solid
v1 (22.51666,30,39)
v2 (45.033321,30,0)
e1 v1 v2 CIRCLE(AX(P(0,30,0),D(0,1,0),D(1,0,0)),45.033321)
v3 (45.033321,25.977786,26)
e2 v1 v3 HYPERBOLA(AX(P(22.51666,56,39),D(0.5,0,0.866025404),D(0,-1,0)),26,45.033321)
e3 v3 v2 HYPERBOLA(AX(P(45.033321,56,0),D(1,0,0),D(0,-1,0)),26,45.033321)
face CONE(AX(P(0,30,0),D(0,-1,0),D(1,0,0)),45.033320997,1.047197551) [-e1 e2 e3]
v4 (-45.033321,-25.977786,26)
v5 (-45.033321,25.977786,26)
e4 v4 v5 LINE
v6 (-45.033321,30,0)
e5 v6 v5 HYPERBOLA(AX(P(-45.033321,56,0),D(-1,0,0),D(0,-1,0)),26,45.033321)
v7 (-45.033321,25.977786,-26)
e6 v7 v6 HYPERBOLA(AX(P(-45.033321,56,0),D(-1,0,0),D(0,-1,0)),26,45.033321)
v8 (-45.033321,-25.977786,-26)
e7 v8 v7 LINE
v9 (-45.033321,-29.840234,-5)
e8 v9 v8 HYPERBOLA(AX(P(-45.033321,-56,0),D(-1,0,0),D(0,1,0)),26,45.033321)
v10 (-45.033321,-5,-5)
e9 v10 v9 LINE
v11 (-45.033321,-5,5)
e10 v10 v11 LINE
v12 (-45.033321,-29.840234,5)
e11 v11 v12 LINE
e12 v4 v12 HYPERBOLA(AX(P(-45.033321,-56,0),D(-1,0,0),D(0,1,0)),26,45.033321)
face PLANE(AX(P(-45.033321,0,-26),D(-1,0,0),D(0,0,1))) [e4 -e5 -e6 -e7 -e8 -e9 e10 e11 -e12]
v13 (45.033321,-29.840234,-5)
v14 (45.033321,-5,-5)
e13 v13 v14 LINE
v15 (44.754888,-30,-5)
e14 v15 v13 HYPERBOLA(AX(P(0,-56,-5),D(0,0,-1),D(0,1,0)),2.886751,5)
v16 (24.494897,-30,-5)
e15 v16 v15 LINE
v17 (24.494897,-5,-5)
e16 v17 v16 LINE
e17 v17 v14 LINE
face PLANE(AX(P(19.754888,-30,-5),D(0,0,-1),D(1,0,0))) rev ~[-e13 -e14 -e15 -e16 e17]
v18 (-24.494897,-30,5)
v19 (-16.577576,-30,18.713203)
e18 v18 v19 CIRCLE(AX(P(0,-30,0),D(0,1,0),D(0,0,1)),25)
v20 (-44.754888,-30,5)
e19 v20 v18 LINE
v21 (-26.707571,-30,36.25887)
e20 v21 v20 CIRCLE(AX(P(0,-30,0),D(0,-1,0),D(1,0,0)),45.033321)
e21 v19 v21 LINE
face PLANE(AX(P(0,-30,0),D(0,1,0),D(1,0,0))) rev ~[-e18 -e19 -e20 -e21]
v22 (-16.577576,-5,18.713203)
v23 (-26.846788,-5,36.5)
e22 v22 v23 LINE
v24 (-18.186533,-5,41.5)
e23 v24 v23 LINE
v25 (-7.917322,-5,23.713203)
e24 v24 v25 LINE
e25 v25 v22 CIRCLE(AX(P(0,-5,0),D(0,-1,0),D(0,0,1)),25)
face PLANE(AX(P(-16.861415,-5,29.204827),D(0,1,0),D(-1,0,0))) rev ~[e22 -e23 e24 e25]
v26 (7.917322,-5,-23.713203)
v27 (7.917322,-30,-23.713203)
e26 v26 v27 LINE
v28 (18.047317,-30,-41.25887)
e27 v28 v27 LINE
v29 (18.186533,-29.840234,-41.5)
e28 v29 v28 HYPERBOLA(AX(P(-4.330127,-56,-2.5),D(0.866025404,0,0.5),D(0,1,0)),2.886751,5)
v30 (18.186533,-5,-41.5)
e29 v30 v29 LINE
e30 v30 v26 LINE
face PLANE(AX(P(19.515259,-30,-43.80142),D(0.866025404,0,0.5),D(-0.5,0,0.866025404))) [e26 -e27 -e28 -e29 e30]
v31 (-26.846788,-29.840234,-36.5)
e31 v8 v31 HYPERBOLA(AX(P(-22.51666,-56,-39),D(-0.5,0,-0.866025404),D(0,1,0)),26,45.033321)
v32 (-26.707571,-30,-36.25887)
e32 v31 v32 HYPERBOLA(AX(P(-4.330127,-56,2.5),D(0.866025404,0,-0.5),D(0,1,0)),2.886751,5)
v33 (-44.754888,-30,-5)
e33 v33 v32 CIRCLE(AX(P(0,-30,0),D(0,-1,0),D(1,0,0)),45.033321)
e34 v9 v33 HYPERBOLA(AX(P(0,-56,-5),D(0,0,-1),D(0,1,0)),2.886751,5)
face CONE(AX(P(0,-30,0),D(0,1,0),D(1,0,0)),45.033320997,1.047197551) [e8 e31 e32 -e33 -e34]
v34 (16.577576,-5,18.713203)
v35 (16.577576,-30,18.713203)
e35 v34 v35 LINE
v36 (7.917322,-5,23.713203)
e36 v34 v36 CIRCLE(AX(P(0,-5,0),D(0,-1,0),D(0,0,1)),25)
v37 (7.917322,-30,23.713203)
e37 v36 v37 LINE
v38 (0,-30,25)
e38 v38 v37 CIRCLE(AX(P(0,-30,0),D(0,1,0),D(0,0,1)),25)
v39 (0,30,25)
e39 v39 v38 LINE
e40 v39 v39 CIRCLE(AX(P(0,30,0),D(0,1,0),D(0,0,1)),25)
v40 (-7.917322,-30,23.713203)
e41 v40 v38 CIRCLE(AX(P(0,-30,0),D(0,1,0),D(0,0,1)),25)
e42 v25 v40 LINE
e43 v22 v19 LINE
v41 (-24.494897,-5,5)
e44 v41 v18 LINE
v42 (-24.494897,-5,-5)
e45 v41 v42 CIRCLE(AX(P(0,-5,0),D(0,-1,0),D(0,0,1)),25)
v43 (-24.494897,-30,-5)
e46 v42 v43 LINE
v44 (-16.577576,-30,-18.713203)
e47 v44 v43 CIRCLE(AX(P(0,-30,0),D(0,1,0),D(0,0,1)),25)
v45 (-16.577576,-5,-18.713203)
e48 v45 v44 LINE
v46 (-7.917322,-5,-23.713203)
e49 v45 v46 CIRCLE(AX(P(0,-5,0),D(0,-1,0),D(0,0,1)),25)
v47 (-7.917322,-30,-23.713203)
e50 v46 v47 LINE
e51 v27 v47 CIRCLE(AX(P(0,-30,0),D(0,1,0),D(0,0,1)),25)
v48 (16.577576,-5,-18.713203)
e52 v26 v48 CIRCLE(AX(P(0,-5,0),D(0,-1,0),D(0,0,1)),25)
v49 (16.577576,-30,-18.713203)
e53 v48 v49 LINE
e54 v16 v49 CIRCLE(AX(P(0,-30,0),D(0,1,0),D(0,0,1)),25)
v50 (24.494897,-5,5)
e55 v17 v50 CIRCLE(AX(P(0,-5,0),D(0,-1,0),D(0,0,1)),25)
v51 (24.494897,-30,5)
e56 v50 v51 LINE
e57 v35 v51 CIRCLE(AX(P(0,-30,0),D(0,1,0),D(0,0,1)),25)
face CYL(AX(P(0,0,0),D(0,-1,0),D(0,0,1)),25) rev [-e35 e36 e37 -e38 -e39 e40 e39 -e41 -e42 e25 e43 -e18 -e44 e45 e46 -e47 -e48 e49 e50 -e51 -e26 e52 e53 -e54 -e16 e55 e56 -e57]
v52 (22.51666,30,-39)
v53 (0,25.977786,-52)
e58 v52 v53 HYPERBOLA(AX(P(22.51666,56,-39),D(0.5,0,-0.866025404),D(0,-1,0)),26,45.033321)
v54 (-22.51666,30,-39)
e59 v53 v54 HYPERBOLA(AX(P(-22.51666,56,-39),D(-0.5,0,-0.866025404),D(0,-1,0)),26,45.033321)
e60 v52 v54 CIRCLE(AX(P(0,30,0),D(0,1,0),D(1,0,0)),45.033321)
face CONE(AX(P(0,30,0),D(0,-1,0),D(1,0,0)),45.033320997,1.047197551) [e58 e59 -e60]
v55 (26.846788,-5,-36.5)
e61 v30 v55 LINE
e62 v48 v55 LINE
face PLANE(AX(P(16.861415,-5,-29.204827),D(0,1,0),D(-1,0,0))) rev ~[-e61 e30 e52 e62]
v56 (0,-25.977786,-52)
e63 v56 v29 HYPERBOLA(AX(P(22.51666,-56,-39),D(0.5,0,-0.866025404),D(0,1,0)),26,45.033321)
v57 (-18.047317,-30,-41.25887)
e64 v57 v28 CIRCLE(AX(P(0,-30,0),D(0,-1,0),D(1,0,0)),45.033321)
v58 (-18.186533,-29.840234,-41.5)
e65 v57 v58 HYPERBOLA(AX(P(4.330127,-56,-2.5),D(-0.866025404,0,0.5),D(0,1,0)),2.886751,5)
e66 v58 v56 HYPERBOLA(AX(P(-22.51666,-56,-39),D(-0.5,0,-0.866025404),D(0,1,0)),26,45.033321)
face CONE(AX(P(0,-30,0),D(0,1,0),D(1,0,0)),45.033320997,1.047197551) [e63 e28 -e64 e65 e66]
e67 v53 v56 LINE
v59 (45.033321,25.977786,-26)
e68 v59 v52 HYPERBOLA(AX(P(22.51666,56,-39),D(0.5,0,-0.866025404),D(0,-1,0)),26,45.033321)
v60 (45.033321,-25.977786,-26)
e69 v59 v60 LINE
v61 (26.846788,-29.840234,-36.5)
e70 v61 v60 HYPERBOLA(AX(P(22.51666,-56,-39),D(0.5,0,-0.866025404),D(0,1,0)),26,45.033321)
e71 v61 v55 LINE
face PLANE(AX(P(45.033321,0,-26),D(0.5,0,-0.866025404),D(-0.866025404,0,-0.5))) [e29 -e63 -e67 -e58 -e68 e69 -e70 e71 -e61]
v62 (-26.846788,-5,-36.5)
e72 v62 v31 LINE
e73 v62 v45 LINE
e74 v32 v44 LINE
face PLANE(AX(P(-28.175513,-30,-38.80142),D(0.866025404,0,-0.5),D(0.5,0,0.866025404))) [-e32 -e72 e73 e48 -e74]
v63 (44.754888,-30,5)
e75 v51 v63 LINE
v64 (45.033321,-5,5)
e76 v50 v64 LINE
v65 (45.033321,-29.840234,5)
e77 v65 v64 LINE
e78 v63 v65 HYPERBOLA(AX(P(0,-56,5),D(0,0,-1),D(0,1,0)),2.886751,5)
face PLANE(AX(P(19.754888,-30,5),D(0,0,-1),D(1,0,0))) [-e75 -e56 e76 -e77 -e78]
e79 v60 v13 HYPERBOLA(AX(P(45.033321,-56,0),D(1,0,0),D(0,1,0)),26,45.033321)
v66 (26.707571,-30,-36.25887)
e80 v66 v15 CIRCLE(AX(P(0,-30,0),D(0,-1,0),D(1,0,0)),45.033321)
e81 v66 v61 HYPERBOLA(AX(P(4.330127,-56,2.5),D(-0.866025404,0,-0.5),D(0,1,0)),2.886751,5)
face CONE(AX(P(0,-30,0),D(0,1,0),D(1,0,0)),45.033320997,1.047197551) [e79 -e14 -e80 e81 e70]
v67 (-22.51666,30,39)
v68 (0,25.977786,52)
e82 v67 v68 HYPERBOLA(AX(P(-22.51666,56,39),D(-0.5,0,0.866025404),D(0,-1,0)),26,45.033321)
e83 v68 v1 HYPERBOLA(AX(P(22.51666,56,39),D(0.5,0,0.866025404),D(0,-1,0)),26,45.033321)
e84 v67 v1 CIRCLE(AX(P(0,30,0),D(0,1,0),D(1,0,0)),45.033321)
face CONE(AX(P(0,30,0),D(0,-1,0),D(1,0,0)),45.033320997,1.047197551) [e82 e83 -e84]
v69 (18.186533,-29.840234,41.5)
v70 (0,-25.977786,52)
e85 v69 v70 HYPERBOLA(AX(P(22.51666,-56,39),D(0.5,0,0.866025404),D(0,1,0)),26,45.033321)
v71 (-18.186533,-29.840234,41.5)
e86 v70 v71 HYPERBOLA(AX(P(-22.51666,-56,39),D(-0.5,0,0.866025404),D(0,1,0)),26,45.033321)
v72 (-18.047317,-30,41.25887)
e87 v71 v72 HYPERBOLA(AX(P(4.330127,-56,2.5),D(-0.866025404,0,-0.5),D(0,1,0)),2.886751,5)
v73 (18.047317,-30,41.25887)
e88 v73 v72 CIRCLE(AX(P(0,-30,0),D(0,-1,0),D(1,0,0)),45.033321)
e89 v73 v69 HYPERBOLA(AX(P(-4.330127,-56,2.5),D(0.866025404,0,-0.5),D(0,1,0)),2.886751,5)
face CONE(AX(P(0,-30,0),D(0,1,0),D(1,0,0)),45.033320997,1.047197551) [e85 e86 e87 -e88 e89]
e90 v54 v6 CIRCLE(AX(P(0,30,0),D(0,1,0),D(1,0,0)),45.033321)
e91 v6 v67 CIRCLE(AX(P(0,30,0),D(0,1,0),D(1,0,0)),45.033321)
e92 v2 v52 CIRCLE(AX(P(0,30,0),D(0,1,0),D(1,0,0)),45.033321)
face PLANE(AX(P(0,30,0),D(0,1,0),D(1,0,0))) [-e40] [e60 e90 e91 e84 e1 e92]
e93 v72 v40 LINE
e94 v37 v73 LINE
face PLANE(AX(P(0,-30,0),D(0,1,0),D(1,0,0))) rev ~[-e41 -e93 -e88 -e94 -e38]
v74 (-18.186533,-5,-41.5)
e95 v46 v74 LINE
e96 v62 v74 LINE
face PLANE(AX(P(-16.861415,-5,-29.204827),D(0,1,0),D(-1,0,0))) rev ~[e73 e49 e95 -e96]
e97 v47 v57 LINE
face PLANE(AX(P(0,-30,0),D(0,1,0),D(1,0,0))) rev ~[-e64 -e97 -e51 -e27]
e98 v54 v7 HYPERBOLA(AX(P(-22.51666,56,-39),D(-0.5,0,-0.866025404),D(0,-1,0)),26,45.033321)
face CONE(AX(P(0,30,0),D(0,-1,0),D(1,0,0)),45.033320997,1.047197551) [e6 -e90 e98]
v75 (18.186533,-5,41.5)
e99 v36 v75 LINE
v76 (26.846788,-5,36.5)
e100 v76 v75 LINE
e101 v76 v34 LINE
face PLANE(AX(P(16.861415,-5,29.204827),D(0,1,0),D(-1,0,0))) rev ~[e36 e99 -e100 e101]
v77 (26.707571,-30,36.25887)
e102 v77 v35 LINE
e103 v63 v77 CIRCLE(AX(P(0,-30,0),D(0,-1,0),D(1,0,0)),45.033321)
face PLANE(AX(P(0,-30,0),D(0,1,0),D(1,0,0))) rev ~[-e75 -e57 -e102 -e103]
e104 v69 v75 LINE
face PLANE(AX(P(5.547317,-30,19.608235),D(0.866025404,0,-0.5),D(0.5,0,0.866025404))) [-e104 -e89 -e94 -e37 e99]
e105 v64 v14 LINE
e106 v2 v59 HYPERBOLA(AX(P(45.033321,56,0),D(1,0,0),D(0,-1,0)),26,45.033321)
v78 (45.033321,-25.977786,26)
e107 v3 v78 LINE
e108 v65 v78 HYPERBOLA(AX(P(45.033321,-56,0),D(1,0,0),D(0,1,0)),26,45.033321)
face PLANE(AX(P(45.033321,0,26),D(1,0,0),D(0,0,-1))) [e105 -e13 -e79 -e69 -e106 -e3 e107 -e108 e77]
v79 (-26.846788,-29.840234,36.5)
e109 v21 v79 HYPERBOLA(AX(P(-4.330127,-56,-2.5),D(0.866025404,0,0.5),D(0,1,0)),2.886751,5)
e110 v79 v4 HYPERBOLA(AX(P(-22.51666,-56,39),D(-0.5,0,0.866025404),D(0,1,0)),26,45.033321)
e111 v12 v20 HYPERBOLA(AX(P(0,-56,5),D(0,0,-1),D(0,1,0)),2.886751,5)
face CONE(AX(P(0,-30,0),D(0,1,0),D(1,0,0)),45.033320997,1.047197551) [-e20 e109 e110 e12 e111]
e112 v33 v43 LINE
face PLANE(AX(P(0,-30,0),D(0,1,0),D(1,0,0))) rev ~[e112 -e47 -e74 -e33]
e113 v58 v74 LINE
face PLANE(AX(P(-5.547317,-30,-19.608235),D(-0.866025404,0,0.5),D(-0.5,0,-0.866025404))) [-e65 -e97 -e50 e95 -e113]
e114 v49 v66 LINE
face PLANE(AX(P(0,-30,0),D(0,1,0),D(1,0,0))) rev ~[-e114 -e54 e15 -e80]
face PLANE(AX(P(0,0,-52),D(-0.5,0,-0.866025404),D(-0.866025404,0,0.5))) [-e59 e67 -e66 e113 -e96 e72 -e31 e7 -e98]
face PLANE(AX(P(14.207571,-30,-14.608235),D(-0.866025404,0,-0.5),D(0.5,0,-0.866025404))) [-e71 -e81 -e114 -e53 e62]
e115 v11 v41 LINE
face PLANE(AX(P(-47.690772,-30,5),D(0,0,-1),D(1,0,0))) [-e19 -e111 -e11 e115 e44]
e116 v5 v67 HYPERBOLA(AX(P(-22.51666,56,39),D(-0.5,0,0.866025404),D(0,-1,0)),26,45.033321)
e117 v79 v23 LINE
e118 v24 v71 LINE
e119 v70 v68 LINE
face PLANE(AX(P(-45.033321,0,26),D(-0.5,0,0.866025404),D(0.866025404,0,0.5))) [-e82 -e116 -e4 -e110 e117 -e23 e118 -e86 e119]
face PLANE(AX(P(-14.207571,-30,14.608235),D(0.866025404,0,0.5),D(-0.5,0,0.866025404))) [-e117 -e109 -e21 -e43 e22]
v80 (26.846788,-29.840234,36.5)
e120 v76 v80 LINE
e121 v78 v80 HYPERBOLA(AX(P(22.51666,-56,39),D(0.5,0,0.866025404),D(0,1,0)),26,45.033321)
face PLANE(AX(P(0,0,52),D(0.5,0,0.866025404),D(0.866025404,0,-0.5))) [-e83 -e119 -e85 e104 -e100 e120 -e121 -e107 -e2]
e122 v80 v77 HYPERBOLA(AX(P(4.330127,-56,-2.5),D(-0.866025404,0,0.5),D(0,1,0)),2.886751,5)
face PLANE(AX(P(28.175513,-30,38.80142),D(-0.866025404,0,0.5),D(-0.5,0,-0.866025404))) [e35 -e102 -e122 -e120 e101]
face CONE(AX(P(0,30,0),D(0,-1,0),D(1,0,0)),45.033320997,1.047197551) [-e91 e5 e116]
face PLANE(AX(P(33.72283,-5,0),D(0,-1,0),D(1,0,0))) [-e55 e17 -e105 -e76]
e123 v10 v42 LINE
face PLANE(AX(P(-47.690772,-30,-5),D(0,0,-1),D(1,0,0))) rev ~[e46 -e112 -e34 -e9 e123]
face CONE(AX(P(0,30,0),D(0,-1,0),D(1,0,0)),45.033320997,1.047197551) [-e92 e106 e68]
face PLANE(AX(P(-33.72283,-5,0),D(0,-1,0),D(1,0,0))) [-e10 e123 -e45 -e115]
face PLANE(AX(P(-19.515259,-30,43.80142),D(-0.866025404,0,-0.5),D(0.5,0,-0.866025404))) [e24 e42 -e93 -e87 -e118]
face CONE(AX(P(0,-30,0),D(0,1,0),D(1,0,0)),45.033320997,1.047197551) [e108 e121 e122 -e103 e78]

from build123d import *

# Parameters (mm, degrees)
SKETCH2_R           = 25
BOSS_EXTRUDE1_DEPTH = 30
SKETCH3_OUTSIDE_W   = 329.93
SKETCH3_OUTSIDE_H   = 343.864
SKETCH3_OUTSIDE_R   = 45.033320997
CUT_EXTRUDE1_DEPTH  = 60
CUT_EXTRUDE1_DRAFT  = -60
SKETCH4_OUTSIDE_W   = 329.93
SKETCH4_OUTSIDE_H   = 343.864
SKETCH4_OUTSIDE_R   = 45.033320997
CUT_EXTRUDE2_DEPTH  = 60
CUT_EXTRUDE2_DRAFT  = -60
SKETCH5_W           = 27.935883882
SKETCH5_H           = 10
CUT_EXTRUDE4_DEPTH  = 25


with BuildPart() as part:
    # Sketch2 → Boss-Extrude1 (new, symmetric)
    with BuildSketch(Plane(origin=(0, 0, 0), x_dir=(1, 0, 0), z_dir=(0, 1, 0))):
        Polygon((0, 52), (-45.033320997, 26), (-45.033320997, -26), (0, -52), (45.033320997, -26), (45.033320997, 26), align=None)
        with Locations(Location((0, 0, 0), (0, 0, 270))):
            Circle(SKETCH2_R, mode=Mode.SUBTRACT)
    extrude(amount=BOSS_EXTRUDE1_DEPTH, both=True)


with BuildPart() as cut_extrude1_tool:
    # Sketch3 outside → Cut-Extrude1 (with draft: the straight prism first)
    with BuildSketch(Plane(origin=(0, 30, 0), x_dir=(1, 0, 0), z_dir=(0, 1, 0))):
        Rectangle(SKETCH3_OUTSIDE_W, SKETCH3_OUTSIDE_H)
        Circle(SKETCH3_OUTSIDE_R, mode=Mode.SUBTRACT)
    extrude(amount=-CUT_EXTRUDE1_DEPTH)
    # Cut-Extrude1: the draft: its side faces are tilted about the plane it starts from
    cut_extrude1_sides = [cut_extrude1_tool.faces().sort_by_distance(p)[0] for p in [
        (0, 0, 171.932),
        (164.965, 0, 0),
        (0, 0, -171.932),
        (-164.965, 0, 0),
        (-45.033320997, 0, 0),
    ]]
    draft(cut_extrude1_sides, Plane(origin=(0, 30, 0), x_dir=(1, 0, 0), z_dir=(0, 1, 0)), CUT_EXTRUDE1_DRAFT)


with BuildPart() as part_1:
    add(part.part)

    # Cut-Extrude1: cut by cut_extrude1_tool
    add(cut_extrude1_tool.part, mode=Mode.SUBTRACT)


with BuildPart() as cut_extrude2_tool:
    # Sketch4 outside → Cut-Extrude2 (with draft: the straight prism first)
    with BuildSketch(Plane.XZ.offset(30)):
        Rectangle(SKETCH4_OUTSIDE_W, SKETCH4_OUTSIDE_H)
        Circle(SKETCH4_OUTSIDE_R, mode=Mode.SUBTRACT)
    extrude(amount=-CUT_EXTRUDE2_DEPTH)
    # Cut-Extrude2: the draft: its side faces are tilted about the plane it starts from
    cut_extrude2_sides = [cut_extrude2_tool.faces().sort_by_distance(p)[0] for p in [
        (0, 0, -171.932),
        (164.965, 0, 0),
        (0, 0, 171.932),
        (-164.965, 0, 0),
        (-45.033320997, 0, 0),
    ]]
    draft(cut_extrude2_sides, Plane.XZ.offset(30), CUT_EXTRUDE2_DRAFT)


with BuildPart() as part_2:
    add(part_1.part)

    # Cut-Extrude2: cut by cut_extrude2_tool
    add(cut_extrude2_tool.part, mode=Mode.SUBTRACT)

    # Sketch5 → Cut-Extrude4 (cut)
    with BuildSketch(Plane.XZ.offset(30)):
        with Locations((33.722829942, 0)):
            Rectangle(SKETCH5_W, SKETCH5_H)
        Polygon((19.515258923, -43.801419977), (5.547316982, -19.608234858), (14.20757102, -14.608234858), (28.175512961, -38.801419977), align=None)
        Polygon((-28.175512961, -38.801419977), (-14.20757102, -14.608234858), (-5.547316982, -19.608234858), (-19.515258923, -43.801419977), align=None)
        with Locations((-33.722829942, 0)):
            Rectangle(SKETCH5_W, SKETCH5_H)
        Polygon((-19.515258923, 43.801419977), (-5.547316982, 19.608234858), (-14.20757102, 14.608234858), (-28.175512961, 38.801419977), align=None)
        Polygon((28.175512961, 38.801419977), (14.20757102, 14.608234858), (5.547316982, 19.608234858), (19.515258923, 43.801419977), align=None)
    extrude(amount=-CUT_EXTRUDE4_DEPTH, mode=Mode.SUBTRACT)


solid = part_2.part
